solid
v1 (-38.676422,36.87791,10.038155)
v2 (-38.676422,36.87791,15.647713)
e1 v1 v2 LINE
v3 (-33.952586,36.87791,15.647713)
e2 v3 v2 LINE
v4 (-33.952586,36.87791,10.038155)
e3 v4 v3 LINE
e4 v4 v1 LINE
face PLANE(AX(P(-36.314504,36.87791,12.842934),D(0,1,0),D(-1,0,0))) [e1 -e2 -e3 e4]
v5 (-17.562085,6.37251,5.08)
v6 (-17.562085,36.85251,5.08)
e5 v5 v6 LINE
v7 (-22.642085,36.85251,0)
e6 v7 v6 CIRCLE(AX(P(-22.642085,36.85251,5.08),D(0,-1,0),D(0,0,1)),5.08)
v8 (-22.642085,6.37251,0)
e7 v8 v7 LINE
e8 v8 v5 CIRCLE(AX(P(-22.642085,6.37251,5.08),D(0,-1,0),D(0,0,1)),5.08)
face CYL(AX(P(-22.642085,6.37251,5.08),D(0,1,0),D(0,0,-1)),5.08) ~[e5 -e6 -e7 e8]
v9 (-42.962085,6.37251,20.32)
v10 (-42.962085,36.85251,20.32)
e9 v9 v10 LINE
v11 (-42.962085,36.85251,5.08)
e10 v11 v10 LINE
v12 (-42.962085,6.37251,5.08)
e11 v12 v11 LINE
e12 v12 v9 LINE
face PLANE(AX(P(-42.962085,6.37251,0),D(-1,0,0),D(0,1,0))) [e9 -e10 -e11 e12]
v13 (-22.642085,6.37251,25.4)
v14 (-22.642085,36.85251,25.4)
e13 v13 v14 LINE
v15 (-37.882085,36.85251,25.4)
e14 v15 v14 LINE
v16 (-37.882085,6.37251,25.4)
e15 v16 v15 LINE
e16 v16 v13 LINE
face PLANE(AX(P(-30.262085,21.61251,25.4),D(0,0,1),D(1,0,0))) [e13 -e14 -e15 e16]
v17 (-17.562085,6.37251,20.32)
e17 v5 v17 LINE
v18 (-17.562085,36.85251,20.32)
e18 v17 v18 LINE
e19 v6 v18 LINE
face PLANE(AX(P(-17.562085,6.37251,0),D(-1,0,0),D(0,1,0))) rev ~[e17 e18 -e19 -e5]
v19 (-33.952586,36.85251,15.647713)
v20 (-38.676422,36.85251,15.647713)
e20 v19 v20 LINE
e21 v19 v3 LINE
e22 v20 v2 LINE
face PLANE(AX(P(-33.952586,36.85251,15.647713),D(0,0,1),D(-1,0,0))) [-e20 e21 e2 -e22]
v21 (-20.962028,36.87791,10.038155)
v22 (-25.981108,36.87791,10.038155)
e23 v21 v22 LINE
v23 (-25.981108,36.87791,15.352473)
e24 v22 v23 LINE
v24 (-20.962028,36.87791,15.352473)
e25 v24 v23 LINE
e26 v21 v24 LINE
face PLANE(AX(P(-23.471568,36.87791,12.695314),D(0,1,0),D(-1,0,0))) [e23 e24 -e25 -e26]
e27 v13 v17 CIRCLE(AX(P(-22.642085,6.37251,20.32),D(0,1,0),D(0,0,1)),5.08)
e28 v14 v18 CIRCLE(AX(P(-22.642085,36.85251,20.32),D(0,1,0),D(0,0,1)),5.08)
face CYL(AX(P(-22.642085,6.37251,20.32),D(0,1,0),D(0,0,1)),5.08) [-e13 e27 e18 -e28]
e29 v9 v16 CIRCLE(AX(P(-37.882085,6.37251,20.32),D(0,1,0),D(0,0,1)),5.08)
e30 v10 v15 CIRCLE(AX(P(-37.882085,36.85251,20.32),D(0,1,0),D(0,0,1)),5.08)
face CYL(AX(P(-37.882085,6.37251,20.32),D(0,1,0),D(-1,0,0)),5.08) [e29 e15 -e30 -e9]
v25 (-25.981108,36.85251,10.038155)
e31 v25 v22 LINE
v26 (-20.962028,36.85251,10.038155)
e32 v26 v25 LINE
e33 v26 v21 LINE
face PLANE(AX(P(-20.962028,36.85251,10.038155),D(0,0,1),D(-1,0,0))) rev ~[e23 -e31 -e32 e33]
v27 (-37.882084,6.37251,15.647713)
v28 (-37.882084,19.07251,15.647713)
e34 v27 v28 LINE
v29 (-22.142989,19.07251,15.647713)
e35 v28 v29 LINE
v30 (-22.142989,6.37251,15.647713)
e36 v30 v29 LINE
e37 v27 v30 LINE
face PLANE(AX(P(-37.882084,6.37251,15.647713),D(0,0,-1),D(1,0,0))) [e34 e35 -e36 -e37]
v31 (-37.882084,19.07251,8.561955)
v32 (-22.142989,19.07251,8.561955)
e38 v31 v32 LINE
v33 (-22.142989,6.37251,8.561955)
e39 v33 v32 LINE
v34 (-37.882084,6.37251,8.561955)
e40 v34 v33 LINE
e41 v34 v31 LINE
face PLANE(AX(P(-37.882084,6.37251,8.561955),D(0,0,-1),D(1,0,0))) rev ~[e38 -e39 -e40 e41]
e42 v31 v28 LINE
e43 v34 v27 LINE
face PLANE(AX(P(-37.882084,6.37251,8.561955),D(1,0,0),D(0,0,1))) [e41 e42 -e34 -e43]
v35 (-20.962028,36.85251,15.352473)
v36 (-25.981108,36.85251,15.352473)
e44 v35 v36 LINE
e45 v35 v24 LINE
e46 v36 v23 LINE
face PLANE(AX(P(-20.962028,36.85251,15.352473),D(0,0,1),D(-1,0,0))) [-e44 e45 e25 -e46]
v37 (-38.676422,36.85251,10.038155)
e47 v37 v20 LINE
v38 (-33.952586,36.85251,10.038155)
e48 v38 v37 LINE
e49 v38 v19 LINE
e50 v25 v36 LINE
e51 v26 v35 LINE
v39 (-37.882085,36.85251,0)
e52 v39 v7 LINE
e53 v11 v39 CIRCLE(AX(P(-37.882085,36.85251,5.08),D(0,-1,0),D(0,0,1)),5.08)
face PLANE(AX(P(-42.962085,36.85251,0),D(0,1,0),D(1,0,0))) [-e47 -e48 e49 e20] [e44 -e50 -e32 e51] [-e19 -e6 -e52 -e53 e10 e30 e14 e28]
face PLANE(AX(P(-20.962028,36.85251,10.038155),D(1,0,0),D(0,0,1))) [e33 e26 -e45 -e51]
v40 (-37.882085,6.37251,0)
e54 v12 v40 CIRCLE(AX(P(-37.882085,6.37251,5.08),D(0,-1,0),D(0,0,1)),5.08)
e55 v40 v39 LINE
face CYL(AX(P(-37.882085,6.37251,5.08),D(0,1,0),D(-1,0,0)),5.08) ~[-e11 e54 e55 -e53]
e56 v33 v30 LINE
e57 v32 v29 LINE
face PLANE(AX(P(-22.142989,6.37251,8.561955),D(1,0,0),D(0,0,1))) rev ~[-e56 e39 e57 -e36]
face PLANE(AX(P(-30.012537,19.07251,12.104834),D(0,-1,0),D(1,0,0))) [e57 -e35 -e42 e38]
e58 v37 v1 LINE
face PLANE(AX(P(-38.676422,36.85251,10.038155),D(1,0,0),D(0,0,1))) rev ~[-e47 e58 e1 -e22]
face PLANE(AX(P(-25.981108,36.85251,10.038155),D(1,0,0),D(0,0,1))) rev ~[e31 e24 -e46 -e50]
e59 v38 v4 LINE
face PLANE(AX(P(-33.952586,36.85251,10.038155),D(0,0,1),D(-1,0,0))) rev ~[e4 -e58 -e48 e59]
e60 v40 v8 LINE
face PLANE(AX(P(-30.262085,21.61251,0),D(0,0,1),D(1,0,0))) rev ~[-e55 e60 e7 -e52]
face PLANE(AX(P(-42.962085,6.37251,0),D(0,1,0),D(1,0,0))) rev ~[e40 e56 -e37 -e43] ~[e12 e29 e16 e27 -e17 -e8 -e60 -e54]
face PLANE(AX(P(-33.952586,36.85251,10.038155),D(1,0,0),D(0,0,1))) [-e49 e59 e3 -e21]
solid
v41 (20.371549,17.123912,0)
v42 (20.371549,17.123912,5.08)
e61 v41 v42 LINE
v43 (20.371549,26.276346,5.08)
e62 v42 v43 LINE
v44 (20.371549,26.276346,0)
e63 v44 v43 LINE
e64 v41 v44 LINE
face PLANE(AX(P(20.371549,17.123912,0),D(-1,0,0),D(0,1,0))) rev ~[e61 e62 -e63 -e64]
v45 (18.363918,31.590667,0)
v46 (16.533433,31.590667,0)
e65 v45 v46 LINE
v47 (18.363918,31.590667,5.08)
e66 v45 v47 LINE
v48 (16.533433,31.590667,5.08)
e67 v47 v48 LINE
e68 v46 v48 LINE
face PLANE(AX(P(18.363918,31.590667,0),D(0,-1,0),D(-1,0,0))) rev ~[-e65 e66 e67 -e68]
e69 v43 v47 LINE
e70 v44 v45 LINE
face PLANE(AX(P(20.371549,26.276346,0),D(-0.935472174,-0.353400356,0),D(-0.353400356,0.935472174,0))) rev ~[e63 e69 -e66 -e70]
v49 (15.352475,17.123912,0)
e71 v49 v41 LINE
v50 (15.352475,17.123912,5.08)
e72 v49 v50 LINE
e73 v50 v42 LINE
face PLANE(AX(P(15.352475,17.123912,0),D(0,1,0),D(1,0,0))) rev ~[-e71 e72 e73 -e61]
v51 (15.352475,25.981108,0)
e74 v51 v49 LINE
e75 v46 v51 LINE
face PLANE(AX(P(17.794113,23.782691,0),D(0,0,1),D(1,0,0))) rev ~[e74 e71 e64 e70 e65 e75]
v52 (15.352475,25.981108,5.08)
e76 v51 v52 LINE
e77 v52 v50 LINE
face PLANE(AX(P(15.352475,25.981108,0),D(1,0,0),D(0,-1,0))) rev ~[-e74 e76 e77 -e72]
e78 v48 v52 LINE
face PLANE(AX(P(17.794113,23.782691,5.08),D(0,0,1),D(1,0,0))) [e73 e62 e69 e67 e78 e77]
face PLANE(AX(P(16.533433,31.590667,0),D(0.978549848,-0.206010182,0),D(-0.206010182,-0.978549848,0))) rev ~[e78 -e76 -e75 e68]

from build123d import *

# Parameters (mm, degrees)
F0_W     = 25.4
F0_H     = 30.48
F1_DEPTH = 25.4
F2_R     = 5.08
F3_R     = 5.08
F5_DEPTH = 5.08
F6_W     = 15.739095
F6_H     = 7.085757
F7_DEPTH = 12.7
F8_W     = 4.723836
F8_H     = 5.609558
F8_W_2   = 5.01908
F8_H_2   = 5.314318
F9_DEPTH = 0.0254


with BuildPart() as f1:
    # F0 (on Top) → F1 (new body)
    with BuildSketch(Plane.XY):
        with Locations((-30.262085, 21.61251)):
            Rectangle(F0_W, F0_H)
    extrude(amount=F1_DEPTH)

    # F2
    f2_edges = [f1.edges().sort_by_distance(p)[0] for p in [
        (-42.962085, 21.61251, 25.4),
    ]]
    fillet(f2_edges, radius=F2_R)

    # F3
    f3_edges = [f1.edges().sort_by_distance(p)[0] for p in [
        (-42.962085, 21.61251, 0),
        (-17.562085, 21.61251, 0),
        (-17.562085, 21.61251, 25.4),
    ]]
    fillet(f3_edges, radius=F3_R)

    # F6 (on face) → F7 (cut)
    with BuildSketch(Plane.XZ.offset(-6.37251)):
        with Locations((-30.012537, 12.104834)):
            Rectangle(F6_W, F6_H)
    extrude(amount=-F7_DEPTH, mode=Mode.SUBTRACT)

    # F8 (on face) → F9 (join)
    with BuildSketch(Plane(origin=(0, 36.85251, 0), x_dir=(-1, 0, 0), z_dir=(0, 1, 0))):
        with Locations((36.314504, 12.842934)):
            Rectangle(F8_W, F8_H)
        with Locations((23.471568, 12.695314)):
            Rectangle(F8_W_2, F8_H_2)
    extrude(amount=F9_DEPTH)


with BuildPart() as f5:
    # F4 (on Top) → F5 (new body)
    with BuildSketch(Plane.XY):
        Polygon((15.352475, 25.981108), (15.352475, 17.123912), (20.371549, 17.123912), (20.371549, 26.276346), (18.363918, 31.590667), (16.533433, 31.590667), align=None)
    extrude(amount=F5_DEPTH)


solid = Compound([f1.part, f5.part])
